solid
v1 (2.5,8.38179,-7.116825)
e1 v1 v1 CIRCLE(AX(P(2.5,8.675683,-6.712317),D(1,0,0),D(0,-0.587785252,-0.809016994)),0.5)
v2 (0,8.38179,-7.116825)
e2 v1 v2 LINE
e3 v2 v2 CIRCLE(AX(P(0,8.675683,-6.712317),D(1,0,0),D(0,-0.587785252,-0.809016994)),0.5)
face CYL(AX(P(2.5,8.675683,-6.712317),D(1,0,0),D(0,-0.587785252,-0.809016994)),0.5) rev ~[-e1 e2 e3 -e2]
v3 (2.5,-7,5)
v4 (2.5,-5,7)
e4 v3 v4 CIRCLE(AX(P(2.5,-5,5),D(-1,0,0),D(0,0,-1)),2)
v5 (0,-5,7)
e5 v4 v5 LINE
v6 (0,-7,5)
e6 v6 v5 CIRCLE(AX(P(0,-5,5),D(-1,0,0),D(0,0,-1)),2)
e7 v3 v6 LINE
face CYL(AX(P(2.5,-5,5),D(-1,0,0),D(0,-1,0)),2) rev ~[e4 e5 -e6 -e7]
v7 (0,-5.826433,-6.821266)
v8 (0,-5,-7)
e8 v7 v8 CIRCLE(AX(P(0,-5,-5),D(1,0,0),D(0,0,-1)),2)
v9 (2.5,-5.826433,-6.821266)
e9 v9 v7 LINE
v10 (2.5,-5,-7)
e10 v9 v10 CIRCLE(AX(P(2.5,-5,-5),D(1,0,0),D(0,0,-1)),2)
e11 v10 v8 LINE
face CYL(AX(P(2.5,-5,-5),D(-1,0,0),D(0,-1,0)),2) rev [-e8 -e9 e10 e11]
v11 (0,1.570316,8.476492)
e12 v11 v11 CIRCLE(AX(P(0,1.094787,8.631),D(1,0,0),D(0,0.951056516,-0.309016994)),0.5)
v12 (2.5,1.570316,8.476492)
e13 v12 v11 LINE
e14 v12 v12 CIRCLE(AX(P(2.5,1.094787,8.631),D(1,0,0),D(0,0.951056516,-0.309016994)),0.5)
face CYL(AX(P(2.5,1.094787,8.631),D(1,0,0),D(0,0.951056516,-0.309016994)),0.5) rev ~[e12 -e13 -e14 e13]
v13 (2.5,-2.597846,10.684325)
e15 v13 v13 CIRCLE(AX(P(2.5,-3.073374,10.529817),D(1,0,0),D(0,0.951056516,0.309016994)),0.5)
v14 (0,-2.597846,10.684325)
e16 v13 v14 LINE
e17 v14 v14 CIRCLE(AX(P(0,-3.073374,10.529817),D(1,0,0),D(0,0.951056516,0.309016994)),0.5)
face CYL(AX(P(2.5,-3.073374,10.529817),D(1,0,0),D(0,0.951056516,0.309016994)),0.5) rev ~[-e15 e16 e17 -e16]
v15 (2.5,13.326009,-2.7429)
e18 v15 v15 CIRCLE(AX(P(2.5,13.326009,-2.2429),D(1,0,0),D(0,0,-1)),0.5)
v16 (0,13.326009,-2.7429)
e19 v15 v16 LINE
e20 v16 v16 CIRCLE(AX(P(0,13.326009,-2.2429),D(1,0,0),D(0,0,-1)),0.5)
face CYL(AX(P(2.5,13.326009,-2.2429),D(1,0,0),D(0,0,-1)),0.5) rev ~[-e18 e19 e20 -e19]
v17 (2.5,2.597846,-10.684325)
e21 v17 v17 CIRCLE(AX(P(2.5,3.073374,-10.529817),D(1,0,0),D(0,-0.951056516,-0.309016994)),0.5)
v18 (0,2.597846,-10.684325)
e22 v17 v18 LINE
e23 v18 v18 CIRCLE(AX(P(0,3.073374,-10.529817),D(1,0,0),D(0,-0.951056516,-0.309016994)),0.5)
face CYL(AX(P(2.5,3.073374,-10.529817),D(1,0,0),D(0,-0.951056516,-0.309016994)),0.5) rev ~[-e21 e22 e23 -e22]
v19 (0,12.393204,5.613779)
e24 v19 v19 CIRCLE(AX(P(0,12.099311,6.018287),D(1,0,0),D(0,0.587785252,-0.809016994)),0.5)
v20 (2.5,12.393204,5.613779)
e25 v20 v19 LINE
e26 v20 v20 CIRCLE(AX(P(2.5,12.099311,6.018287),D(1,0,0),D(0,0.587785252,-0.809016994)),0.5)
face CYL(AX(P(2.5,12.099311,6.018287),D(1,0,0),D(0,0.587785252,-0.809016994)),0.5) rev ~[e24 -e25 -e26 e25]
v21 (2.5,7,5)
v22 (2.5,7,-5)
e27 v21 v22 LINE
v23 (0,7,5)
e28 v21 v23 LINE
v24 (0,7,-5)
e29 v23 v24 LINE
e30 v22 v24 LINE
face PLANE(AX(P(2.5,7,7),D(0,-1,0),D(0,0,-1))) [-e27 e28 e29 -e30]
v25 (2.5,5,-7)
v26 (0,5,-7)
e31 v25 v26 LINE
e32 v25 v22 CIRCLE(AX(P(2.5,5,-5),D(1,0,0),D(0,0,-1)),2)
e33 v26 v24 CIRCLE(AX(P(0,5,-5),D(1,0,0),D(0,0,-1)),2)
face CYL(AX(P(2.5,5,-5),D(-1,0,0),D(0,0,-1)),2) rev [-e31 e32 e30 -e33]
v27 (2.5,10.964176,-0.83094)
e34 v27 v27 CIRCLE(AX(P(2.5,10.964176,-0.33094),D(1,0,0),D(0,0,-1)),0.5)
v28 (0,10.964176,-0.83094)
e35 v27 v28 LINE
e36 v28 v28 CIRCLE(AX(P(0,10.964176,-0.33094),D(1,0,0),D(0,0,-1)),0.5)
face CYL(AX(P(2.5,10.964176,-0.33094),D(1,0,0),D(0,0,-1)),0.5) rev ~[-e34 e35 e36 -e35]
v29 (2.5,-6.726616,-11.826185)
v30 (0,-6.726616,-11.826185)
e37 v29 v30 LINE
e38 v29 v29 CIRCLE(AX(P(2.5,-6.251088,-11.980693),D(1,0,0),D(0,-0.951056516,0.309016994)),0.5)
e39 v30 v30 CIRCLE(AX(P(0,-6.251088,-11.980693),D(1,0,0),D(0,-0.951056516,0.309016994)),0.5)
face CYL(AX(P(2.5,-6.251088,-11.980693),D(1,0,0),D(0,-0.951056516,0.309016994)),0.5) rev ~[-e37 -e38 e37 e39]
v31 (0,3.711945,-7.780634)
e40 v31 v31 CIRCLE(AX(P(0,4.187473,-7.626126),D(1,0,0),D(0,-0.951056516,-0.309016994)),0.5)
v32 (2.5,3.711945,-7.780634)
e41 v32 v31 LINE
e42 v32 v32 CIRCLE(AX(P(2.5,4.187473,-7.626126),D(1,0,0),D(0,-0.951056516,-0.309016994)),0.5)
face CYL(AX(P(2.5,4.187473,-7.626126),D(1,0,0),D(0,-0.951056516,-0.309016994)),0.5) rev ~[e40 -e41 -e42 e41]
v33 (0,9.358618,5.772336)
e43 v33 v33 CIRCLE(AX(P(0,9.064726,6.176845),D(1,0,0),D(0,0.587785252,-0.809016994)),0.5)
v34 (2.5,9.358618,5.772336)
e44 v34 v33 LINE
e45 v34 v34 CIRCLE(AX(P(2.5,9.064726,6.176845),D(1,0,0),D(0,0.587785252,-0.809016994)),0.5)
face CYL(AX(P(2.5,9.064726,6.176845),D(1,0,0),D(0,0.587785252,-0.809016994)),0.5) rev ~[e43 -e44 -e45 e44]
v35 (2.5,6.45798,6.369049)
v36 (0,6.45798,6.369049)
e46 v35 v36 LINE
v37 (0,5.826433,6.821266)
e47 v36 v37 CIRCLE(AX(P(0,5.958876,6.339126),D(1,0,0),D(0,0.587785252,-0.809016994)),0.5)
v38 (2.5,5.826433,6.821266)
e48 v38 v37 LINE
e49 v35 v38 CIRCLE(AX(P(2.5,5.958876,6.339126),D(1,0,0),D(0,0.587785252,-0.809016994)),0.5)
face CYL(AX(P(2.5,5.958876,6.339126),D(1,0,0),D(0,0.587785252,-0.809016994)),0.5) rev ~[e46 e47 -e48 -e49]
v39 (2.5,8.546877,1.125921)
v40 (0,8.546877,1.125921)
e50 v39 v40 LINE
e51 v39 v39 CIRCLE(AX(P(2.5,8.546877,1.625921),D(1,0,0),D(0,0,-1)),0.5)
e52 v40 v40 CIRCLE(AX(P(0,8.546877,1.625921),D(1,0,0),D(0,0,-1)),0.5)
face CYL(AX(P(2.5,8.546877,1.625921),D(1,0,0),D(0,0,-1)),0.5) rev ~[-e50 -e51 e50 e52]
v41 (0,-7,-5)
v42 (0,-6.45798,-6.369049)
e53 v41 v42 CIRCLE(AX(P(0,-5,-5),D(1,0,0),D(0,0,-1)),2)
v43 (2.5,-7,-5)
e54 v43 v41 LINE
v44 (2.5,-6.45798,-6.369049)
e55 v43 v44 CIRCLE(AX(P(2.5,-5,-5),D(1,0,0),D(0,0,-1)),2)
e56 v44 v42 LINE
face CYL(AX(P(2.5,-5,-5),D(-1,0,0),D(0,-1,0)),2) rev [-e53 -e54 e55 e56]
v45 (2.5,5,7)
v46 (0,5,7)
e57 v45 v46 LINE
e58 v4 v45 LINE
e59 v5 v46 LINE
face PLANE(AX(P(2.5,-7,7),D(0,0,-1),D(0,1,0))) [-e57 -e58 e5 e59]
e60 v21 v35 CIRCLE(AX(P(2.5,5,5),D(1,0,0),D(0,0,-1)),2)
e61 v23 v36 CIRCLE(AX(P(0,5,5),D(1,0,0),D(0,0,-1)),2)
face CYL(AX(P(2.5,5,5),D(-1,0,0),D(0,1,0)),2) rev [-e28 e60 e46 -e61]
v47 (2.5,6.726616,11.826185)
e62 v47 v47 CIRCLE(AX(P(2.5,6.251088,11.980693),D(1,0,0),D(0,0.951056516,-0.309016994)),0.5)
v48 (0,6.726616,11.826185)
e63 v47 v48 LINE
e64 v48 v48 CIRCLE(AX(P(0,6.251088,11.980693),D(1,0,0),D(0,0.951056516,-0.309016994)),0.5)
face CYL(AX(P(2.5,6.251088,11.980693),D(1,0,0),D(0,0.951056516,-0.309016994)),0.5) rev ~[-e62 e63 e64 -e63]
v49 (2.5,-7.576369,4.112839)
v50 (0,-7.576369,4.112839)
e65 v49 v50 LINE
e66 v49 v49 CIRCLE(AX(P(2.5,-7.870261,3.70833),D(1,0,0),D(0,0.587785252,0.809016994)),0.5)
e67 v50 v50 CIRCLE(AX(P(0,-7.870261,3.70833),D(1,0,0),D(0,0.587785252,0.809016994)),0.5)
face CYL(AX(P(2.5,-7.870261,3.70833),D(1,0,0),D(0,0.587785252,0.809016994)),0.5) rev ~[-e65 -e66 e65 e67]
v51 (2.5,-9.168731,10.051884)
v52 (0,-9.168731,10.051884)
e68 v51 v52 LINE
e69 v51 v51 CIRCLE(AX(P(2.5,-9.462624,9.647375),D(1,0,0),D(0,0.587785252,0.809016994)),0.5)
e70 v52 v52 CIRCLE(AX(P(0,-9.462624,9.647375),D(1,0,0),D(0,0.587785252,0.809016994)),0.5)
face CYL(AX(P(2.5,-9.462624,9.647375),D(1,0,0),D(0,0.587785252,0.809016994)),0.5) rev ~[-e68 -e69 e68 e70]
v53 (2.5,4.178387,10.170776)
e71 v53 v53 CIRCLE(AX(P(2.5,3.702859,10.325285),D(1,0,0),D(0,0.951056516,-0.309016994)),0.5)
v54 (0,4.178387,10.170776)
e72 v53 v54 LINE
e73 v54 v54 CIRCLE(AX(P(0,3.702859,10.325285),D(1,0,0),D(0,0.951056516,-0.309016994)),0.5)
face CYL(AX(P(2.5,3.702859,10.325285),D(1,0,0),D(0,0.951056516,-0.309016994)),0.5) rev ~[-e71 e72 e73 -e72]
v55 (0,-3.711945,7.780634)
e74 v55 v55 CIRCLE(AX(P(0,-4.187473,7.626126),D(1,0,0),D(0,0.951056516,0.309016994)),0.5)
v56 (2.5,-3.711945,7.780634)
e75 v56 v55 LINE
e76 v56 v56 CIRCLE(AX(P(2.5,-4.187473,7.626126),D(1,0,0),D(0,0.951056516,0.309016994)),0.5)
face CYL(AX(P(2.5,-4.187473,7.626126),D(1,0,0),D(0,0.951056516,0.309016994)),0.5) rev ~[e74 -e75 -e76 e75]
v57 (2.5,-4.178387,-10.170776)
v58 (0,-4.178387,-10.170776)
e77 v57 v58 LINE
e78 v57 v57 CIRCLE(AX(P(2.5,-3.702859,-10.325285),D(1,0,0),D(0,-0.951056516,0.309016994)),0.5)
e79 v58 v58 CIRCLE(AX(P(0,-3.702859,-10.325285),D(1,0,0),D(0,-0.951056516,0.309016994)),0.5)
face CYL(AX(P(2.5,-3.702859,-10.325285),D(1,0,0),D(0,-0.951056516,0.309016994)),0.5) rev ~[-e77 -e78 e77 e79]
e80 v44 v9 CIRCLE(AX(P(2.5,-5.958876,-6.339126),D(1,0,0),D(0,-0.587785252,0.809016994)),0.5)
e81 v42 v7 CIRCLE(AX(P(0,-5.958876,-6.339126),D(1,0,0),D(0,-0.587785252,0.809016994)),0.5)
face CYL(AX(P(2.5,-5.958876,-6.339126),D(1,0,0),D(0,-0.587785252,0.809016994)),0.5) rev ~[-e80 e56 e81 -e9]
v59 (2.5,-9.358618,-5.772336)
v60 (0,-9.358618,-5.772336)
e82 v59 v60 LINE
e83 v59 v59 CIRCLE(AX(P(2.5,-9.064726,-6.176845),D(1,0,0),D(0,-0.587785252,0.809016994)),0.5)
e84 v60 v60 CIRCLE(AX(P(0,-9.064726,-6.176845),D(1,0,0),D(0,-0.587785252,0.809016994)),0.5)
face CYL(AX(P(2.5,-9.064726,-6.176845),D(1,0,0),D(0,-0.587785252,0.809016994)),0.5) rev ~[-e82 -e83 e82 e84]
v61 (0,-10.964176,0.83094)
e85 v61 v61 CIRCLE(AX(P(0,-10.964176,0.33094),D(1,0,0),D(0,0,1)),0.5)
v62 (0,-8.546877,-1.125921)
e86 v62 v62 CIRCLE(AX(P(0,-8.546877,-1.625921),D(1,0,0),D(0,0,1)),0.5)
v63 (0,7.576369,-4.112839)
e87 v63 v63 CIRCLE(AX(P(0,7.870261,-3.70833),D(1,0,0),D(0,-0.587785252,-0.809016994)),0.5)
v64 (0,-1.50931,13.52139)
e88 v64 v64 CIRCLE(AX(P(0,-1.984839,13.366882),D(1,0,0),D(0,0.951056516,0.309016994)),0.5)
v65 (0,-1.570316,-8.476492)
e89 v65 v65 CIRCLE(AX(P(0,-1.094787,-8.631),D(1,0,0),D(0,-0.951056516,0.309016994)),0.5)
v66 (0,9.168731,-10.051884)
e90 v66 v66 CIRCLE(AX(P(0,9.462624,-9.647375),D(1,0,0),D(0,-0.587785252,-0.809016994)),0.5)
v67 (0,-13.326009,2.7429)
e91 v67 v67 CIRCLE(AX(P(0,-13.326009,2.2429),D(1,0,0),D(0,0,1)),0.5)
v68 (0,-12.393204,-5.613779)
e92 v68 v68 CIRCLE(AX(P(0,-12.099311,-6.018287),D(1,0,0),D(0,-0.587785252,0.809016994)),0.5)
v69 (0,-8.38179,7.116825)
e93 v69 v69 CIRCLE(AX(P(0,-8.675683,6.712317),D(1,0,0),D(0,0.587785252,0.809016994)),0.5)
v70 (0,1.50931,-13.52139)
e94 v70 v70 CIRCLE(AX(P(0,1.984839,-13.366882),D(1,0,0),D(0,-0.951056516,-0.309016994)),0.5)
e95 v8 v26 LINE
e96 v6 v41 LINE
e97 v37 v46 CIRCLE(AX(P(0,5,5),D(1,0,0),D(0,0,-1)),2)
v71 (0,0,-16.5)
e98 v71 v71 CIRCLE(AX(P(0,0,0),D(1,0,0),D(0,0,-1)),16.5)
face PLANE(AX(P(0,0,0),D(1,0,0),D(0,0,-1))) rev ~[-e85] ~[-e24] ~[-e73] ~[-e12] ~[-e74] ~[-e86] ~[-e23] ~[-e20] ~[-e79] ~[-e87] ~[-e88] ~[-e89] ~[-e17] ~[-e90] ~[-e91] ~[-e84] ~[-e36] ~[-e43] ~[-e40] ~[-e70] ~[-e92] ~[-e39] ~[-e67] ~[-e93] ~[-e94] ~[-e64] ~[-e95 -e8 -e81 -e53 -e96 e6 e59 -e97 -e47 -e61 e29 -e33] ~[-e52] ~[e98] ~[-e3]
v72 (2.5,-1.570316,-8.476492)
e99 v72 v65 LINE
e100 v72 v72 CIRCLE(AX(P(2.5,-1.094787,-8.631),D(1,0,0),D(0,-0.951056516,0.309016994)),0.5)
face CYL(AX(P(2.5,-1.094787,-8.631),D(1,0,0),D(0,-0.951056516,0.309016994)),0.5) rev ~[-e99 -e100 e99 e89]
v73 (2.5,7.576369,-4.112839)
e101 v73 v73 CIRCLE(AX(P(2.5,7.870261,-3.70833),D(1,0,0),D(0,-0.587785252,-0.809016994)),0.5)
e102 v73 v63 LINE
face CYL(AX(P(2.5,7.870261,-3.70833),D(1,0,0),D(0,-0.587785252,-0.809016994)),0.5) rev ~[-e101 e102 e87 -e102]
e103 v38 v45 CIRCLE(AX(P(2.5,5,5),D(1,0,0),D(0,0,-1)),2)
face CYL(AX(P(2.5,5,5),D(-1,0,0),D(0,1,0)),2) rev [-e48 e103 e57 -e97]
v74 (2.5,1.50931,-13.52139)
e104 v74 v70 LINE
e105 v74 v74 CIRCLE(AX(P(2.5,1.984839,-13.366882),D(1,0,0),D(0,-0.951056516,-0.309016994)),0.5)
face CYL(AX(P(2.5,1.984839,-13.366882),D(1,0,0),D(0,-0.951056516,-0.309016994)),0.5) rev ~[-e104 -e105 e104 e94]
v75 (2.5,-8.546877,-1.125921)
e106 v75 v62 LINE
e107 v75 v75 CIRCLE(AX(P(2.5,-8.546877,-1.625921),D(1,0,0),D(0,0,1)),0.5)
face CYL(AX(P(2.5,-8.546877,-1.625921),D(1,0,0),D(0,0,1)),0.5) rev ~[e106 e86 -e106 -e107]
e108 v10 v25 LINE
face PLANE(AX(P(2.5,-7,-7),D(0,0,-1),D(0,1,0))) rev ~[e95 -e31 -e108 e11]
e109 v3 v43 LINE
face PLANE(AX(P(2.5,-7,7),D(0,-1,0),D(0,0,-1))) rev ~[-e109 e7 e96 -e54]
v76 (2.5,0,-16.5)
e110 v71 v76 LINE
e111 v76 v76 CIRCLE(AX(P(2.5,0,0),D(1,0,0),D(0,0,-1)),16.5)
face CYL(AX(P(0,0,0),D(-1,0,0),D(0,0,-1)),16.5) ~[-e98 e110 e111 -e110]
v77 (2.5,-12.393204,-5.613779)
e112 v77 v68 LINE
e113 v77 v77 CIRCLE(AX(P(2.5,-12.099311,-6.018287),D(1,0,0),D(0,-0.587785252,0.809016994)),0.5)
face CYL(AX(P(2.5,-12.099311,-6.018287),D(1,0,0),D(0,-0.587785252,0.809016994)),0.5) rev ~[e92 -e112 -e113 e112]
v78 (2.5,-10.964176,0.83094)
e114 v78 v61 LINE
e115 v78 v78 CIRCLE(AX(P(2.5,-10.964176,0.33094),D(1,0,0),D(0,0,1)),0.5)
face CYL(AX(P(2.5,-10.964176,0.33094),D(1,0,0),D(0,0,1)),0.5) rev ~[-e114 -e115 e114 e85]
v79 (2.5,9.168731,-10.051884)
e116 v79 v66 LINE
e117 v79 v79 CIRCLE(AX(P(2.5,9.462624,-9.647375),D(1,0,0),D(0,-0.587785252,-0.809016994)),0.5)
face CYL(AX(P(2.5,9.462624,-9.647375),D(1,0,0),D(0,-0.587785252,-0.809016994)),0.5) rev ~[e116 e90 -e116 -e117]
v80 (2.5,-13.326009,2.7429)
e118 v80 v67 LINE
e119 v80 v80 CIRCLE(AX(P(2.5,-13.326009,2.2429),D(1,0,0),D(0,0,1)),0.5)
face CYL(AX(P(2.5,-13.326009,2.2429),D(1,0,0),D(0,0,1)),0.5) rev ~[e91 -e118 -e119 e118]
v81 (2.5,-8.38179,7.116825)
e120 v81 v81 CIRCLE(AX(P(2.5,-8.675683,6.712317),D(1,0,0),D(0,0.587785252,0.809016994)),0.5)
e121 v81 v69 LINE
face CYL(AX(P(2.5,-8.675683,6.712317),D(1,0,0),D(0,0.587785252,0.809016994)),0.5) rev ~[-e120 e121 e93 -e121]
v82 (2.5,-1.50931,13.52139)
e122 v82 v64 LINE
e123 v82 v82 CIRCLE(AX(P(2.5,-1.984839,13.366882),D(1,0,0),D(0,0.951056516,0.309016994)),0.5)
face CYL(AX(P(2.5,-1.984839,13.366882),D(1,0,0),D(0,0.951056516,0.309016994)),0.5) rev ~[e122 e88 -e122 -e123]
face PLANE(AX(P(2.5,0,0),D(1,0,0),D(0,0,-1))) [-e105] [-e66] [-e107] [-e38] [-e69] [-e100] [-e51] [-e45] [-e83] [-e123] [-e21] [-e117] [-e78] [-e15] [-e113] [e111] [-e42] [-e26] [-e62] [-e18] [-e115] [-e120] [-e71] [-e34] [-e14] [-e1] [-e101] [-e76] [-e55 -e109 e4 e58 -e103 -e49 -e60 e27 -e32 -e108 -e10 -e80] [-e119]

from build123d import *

# Parameters (mm, degrees)
SKETCH1_R           = 16.5
BOSS_EXTRUDE1_DEPTH = 2.5
SKETCH2_W           = 14
SKETCH2_H           = 14
CUT_EXTRUDE2_DEPTH  = 2.5
FILLET1_R           = 2
SKETCH5_R           = 0.5
CUT_EXTRUDE3_DEPTH  = 2.5
CIRPATTERN3_COUNT   = 10


with BuildPart() as part:
    # Sketch1 → Boss-Extrude1 (new body)
    with BuildSketch(Plane(origin=(0, 0, 0), x_dir=(0, 0, -1), z_dir=(1, 0, 0))):
        Circle(SKETCH1_R)
    extrude(amount=BOSS_EXTRUDE1_DEPTH)

    # Sketch2 → Cut-Extrude2 (cut)
    with BuildSketch(Plane(origin=(2.5, 0, 0), x_dir=(0, 0, -1), z_dir=(1, 0, 0))):
        Rectangle(SKETCH2_W, SKETCH2_H)
    extrude(amount=-CUT_EXTRUDE2_DEPTH, mode=Mode.SUBTRACT)

    # Fillet1
    fillet1_edges = [part.edges().sort_by_distance(p)[0] for p in [
        (1.25, -7, -7),
        (1.25, -7, 7),
        (1.25, 7, 7),
        (1.25, 7, -7),
    ]]
    fillet(fillet1_edges, radius=FILLET1_R)

    # Sketch5 → Cut-Extrude3 (cut)
    with BuildSketch(Plane(origin=(2.5, 0, 0), x_dir=(0, 0, -1), z_dir=(1, 0, 0))):
        with Locations((-1.625921047, 8.546877008)):
            Circle(SKETCH5_R)
        with Locations((0.330939682, 10.964175556)):
            Circle(SKETCH5_R)
        with Locations((2.24289984, 13.326008692)):
            Circle(SKETCH5_R)
    cut_extrude3 = extrude(amount=-CUT_EXTRUDE3_DEPTH, mode=Mode.SUBTRACT)

    # CirPattern3: Cut-Extrude3 ×10 about axis
    cirpattern3_axis = Axis((0, 0, 0), (1, 0, 0))
    for i in range(1, CIRPATTERN3_COUNT):
        add(cut_extrude3.rotate(cirpattern3_axis, i * 360 / CIRPATTERN3_COUNT), mode=Mode.SUBTRACT)


solid = part.part
